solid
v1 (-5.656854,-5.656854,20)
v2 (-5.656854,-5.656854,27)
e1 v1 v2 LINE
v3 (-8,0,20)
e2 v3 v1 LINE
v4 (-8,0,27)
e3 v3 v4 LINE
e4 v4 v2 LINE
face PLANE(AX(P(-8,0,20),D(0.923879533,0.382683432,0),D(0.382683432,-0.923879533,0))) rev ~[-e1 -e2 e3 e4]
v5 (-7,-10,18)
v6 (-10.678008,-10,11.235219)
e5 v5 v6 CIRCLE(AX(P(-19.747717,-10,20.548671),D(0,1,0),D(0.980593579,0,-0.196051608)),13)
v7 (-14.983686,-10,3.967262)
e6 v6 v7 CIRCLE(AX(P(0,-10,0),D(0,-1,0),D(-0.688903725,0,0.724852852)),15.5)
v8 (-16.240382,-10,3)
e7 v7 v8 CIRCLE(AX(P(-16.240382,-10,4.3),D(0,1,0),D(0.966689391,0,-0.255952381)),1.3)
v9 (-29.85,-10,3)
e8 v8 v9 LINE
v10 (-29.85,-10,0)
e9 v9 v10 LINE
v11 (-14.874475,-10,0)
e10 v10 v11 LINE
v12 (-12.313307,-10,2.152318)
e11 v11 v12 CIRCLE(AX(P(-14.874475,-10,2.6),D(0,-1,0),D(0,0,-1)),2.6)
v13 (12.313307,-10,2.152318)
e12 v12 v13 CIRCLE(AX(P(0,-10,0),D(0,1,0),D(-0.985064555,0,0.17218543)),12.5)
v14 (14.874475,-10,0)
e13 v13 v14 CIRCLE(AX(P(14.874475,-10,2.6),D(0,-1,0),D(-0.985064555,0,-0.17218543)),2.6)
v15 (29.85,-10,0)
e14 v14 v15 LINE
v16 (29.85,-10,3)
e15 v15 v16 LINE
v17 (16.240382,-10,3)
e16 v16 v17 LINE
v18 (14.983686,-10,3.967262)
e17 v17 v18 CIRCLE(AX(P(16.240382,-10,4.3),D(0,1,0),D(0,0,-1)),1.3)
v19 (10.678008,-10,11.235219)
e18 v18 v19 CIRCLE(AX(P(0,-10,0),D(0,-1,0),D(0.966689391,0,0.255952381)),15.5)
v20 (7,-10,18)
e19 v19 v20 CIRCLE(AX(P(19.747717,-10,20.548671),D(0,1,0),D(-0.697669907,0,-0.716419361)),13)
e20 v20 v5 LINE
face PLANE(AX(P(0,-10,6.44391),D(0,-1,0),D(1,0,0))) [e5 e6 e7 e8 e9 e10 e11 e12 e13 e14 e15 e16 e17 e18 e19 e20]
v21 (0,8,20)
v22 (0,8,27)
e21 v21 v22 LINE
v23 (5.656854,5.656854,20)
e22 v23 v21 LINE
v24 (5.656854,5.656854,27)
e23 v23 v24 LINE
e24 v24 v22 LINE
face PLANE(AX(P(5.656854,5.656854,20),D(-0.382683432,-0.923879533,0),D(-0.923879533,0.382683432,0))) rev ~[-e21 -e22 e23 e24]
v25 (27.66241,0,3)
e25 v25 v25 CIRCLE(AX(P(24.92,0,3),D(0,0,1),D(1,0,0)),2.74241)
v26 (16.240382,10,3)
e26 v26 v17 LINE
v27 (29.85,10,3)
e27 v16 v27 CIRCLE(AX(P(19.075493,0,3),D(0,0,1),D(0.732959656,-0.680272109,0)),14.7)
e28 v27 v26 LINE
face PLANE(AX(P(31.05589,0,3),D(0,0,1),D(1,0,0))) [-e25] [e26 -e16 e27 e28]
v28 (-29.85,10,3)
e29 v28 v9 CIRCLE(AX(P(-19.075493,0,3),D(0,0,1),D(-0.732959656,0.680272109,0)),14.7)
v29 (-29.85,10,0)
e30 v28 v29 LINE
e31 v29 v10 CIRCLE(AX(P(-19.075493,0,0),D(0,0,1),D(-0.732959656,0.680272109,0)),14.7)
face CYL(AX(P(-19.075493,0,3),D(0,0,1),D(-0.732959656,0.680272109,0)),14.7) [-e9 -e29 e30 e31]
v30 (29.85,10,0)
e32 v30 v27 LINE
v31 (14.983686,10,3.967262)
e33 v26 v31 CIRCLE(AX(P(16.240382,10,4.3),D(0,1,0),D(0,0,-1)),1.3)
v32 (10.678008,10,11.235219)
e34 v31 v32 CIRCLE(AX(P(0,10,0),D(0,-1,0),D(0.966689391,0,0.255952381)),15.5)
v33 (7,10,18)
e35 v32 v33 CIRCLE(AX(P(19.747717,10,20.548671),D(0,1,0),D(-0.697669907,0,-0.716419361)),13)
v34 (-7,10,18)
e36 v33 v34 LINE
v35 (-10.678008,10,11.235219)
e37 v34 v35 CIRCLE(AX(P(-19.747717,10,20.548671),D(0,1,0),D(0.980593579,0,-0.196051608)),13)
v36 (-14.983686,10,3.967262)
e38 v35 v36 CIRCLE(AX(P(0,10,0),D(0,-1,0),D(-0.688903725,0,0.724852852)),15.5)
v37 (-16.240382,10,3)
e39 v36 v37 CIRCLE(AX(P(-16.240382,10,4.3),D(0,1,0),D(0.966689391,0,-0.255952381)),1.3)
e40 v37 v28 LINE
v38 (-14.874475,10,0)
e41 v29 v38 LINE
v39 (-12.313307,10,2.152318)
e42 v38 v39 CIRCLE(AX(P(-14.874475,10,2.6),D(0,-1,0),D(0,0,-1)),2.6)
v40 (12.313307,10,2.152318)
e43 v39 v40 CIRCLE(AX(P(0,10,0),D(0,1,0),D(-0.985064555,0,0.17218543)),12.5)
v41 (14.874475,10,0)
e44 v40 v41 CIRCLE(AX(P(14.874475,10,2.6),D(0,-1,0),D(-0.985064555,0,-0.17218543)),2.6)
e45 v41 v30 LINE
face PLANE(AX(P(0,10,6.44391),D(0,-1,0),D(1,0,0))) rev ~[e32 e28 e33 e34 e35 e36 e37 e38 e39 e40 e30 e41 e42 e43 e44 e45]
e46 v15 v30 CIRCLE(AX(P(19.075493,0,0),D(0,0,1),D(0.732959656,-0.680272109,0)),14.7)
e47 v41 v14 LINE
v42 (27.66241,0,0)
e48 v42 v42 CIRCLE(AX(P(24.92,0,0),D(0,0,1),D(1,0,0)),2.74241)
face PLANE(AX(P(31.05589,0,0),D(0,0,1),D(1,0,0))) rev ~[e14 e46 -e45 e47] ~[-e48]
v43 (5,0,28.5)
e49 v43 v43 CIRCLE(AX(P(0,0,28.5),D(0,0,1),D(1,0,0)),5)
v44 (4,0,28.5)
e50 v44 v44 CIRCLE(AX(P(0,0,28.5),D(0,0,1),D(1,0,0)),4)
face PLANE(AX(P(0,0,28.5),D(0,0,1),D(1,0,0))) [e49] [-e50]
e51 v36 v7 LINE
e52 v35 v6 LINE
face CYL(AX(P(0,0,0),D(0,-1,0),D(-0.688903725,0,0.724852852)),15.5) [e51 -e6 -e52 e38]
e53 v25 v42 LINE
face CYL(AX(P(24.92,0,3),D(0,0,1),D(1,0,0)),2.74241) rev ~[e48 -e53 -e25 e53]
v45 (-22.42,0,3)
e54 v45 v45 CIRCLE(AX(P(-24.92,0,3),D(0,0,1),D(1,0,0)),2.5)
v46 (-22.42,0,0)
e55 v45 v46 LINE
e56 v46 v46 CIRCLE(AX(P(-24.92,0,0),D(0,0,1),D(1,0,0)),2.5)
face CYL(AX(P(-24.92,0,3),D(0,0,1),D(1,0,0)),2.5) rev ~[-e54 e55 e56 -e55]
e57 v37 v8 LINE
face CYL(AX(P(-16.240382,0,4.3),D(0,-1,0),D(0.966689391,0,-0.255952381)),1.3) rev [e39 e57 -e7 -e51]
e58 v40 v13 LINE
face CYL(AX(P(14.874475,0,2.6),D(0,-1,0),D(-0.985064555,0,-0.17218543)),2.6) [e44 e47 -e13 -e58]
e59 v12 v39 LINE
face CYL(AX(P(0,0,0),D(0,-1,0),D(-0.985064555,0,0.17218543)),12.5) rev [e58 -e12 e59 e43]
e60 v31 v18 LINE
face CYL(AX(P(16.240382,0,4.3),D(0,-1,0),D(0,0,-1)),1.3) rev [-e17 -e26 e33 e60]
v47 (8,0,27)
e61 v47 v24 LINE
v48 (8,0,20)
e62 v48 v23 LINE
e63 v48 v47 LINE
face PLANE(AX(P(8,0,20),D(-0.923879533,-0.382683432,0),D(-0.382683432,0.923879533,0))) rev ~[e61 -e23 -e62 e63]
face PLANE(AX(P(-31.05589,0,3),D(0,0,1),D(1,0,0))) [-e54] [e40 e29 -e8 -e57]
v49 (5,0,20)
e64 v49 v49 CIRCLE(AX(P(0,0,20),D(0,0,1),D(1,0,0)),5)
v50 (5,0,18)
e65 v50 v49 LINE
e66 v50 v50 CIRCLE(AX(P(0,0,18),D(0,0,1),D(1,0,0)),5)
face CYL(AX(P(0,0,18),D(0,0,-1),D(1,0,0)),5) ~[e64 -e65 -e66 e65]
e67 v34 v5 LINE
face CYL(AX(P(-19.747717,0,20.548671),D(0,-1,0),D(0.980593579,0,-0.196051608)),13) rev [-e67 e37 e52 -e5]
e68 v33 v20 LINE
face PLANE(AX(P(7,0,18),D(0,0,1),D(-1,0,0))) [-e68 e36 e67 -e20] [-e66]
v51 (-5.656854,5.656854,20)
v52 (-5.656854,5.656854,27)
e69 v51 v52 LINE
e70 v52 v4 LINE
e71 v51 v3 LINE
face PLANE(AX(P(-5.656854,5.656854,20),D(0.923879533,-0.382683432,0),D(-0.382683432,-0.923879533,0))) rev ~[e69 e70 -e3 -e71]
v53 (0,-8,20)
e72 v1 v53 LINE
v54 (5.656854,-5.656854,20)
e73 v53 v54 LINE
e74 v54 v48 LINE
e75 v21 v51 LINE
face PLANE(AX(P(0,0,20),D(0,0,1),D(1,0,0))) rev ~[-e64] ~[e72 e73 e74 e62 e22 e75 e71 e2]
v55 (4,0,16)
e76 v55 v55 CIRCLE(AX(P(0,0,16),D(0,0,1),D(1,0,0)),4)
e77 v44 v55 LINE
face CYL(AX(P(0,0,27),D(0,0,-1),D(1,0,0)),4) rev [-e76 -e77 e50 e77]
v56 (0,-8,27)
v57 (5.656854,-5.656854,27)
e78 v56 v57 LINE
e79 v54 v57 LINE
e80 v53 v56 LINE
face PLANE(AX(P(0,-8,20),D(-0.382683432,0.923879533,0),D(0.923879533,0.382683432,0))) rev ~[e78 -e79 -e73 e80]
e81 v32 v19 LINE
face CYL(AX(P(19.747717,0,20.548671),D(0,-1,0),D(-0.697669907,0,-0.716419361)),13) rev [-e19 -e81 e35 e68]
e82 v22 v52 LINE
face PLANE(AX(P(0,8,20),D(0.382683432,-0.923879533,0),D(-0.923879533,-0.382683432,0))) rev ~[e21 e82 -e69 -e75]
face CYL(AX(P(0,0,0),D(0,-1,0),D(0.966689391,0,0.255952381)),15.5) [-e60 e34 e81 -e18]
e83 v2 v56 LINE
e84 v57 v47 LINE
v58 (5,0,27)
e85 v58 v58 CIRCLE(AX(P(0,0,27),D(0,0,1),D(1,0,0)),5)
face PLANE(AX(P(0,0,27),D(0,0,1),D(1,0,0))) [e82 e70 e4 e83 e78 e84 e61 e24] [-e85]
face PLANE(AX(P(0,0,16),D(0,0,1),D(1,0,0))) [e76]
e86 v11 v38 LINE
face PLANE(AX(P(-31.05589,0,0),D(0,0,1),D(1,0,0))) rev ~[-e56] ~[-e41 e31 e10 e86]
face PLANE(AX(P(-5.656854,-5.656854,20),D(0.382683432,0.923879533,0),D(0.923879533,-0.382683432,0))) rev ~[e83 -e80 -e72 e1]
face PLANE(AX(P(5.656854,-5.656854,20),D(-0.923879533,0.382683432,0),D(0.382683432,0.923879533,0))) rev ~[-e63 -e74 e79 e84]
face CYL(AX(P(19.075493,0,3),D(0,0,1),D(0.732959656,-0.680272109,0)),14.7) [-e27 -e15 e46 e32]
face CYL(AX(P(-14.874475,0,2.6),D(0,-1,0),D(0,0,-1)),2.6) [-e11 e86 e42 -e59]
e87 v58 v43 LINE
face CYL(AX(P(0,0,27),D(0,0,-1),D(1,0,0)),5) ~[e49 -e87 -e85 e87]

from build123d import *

# Parameters (mm, degrees)
F1_DEPTH  = 10
F2_R      = 2.5
F2_R_2    = 2.7424095939
F3_DEPTH  = 25
F5_DEPTH  = 3
F7_DEPTH  = 3
F8_R      = 5
F9_DEPTH  = 2
F11_DEPTH = 7
F12_R     = 5
F12_R_2   = 4
F13_DEPTH = 1.5
F14_DEPTH = 11


with BuildPart() as f1:
    # F0 (on Front) → F1 (new body, symmetric)
    with BuildSketch(Plane.XZ):
        with BuildLine():
            ThreePointArc((-12.3133069376, 2.1523178808), (0, 12.5), (12.3133069376, 2.1523178808))
            ThreePointArc((12.3133069376, 2.1523178808), (13.2017484895, 0.6095259974), (14.8744747806, 0))
            Line((14.8744747806, 0), (29.85, 0))
            Line((29.85, 0), (29.85, 3))
            Line((29.85, 3), (16.2403817689, 3))
            ThreePointArc((16.2403817689, 3), (15.4474629596, 3.2698156661), (14.9836855606, 3.9672619048))
            ThreePointArc((14.9836855606, 3.9672619048), (13.3355324821, 7.9002261625), (10.6780077367, 11.2352192135))
            ThreePointArc((10.6780077367, 11.2352192135), (8.326658054, 14.3390474584), (7, 18))
            Line((7, 18), (-7, 18))
            ThreePointArc((-7, 18), (-8.326658054, 14.3390474584), (-10.6780077367, 11.2352192135))
            ThreePointArc((-10.6780077367, 11.2352192135), (-13.3355324821, 7.9002261625), (-14.9836855606, 3.9672619048))
            ThreePointArc((-14.9836855606, 3.9672619048), (-15.4474629596, 3.2698156661), (-16.2403817689, 3))
            Line((-16.2403817689, 3), (-29.85, 3))
            Line((-29.85, 3), (-29.85, 0))
            Line((-29.85, 0), (-14.8744747806, 0))
            ThreePointArc((-14.8744747806, 0), (-13.2017484895, 0.6095259974), (-12.3133069376, 2.1523178808))
        make_face()
    extrude(amount=F1_DEPTH, both=True)

    # F2 (on face) → F3 (cut)
    with BuildSketch(Plane.XY.offset(3)):
        with Locations((-24.92, 0)):
            Circle(F2_R)
        with Locations((24.92, 0)):
            Circle(F2_R_2)
    extrude(amount=-F3_DEPTH, mode=Mode.SUBTRACT)

    # F4 (on face) → F5 (join)
    with BuildSketch(Plane.XY.offset(3)):
        with BuildLine():
            Line((-29.85, -10), (-29.85, 10))
            ThreePointArc((-29.85, 10), (-33.7754930507, 0), (-29.85, -10))
        make_face()
    extrude(amount=-F5_DEPTH)

    # F6 (on face) → F7 (join)
    with BuildSketch(Plane.XY.offset(3)):
        with BuildLine():
            Line((29.85, 10), (29.85, -10))
            ThreePointArc((29.85, -10), (33.7754930507, 0), (29.85, 10))
        make_face()
    extrude(amount=-F7_DEPTH)

    # F8 (on face) → F9 (join)
    with BuildSketch(Plane.XY.offset(18)):
        Circle(F8_R)
    extrude(amount=F9_DEPTH)

    # F10 (on face) → F11 (join)
    with BuildSketch(Plane.XY.offset(20)):
        Polygon((5.6568542495, 5.6568542495), (0, 8), (-5.6568542495, 5.6568542495), (-8, 0), (-5.6568542495, -5.6568542495), (0, -8), (5.6568542495, -5.6568542495), (8, 0), align=None)
    extrude(amount=F11_DEPTH)

    # F12 (on face) → F13 (join)
    with BuildSketch(Plane.XY.offset(27)):
        Circle(F12_R)
        Circle(F12_R_2, mode=Mode.SUBTRACT)
    extrude(amount=F13_DEPTH)

    # F14 (cut): a face of the model
    f14_faces = [f1.faces().sort_by_distance(p)[0] for p in [
        (0, 0, 27),
    ]]
    extrude(f14_faces, amount=-F14_DEPTH, mode=Mode.SUBTRACT)


solid = f1.part
